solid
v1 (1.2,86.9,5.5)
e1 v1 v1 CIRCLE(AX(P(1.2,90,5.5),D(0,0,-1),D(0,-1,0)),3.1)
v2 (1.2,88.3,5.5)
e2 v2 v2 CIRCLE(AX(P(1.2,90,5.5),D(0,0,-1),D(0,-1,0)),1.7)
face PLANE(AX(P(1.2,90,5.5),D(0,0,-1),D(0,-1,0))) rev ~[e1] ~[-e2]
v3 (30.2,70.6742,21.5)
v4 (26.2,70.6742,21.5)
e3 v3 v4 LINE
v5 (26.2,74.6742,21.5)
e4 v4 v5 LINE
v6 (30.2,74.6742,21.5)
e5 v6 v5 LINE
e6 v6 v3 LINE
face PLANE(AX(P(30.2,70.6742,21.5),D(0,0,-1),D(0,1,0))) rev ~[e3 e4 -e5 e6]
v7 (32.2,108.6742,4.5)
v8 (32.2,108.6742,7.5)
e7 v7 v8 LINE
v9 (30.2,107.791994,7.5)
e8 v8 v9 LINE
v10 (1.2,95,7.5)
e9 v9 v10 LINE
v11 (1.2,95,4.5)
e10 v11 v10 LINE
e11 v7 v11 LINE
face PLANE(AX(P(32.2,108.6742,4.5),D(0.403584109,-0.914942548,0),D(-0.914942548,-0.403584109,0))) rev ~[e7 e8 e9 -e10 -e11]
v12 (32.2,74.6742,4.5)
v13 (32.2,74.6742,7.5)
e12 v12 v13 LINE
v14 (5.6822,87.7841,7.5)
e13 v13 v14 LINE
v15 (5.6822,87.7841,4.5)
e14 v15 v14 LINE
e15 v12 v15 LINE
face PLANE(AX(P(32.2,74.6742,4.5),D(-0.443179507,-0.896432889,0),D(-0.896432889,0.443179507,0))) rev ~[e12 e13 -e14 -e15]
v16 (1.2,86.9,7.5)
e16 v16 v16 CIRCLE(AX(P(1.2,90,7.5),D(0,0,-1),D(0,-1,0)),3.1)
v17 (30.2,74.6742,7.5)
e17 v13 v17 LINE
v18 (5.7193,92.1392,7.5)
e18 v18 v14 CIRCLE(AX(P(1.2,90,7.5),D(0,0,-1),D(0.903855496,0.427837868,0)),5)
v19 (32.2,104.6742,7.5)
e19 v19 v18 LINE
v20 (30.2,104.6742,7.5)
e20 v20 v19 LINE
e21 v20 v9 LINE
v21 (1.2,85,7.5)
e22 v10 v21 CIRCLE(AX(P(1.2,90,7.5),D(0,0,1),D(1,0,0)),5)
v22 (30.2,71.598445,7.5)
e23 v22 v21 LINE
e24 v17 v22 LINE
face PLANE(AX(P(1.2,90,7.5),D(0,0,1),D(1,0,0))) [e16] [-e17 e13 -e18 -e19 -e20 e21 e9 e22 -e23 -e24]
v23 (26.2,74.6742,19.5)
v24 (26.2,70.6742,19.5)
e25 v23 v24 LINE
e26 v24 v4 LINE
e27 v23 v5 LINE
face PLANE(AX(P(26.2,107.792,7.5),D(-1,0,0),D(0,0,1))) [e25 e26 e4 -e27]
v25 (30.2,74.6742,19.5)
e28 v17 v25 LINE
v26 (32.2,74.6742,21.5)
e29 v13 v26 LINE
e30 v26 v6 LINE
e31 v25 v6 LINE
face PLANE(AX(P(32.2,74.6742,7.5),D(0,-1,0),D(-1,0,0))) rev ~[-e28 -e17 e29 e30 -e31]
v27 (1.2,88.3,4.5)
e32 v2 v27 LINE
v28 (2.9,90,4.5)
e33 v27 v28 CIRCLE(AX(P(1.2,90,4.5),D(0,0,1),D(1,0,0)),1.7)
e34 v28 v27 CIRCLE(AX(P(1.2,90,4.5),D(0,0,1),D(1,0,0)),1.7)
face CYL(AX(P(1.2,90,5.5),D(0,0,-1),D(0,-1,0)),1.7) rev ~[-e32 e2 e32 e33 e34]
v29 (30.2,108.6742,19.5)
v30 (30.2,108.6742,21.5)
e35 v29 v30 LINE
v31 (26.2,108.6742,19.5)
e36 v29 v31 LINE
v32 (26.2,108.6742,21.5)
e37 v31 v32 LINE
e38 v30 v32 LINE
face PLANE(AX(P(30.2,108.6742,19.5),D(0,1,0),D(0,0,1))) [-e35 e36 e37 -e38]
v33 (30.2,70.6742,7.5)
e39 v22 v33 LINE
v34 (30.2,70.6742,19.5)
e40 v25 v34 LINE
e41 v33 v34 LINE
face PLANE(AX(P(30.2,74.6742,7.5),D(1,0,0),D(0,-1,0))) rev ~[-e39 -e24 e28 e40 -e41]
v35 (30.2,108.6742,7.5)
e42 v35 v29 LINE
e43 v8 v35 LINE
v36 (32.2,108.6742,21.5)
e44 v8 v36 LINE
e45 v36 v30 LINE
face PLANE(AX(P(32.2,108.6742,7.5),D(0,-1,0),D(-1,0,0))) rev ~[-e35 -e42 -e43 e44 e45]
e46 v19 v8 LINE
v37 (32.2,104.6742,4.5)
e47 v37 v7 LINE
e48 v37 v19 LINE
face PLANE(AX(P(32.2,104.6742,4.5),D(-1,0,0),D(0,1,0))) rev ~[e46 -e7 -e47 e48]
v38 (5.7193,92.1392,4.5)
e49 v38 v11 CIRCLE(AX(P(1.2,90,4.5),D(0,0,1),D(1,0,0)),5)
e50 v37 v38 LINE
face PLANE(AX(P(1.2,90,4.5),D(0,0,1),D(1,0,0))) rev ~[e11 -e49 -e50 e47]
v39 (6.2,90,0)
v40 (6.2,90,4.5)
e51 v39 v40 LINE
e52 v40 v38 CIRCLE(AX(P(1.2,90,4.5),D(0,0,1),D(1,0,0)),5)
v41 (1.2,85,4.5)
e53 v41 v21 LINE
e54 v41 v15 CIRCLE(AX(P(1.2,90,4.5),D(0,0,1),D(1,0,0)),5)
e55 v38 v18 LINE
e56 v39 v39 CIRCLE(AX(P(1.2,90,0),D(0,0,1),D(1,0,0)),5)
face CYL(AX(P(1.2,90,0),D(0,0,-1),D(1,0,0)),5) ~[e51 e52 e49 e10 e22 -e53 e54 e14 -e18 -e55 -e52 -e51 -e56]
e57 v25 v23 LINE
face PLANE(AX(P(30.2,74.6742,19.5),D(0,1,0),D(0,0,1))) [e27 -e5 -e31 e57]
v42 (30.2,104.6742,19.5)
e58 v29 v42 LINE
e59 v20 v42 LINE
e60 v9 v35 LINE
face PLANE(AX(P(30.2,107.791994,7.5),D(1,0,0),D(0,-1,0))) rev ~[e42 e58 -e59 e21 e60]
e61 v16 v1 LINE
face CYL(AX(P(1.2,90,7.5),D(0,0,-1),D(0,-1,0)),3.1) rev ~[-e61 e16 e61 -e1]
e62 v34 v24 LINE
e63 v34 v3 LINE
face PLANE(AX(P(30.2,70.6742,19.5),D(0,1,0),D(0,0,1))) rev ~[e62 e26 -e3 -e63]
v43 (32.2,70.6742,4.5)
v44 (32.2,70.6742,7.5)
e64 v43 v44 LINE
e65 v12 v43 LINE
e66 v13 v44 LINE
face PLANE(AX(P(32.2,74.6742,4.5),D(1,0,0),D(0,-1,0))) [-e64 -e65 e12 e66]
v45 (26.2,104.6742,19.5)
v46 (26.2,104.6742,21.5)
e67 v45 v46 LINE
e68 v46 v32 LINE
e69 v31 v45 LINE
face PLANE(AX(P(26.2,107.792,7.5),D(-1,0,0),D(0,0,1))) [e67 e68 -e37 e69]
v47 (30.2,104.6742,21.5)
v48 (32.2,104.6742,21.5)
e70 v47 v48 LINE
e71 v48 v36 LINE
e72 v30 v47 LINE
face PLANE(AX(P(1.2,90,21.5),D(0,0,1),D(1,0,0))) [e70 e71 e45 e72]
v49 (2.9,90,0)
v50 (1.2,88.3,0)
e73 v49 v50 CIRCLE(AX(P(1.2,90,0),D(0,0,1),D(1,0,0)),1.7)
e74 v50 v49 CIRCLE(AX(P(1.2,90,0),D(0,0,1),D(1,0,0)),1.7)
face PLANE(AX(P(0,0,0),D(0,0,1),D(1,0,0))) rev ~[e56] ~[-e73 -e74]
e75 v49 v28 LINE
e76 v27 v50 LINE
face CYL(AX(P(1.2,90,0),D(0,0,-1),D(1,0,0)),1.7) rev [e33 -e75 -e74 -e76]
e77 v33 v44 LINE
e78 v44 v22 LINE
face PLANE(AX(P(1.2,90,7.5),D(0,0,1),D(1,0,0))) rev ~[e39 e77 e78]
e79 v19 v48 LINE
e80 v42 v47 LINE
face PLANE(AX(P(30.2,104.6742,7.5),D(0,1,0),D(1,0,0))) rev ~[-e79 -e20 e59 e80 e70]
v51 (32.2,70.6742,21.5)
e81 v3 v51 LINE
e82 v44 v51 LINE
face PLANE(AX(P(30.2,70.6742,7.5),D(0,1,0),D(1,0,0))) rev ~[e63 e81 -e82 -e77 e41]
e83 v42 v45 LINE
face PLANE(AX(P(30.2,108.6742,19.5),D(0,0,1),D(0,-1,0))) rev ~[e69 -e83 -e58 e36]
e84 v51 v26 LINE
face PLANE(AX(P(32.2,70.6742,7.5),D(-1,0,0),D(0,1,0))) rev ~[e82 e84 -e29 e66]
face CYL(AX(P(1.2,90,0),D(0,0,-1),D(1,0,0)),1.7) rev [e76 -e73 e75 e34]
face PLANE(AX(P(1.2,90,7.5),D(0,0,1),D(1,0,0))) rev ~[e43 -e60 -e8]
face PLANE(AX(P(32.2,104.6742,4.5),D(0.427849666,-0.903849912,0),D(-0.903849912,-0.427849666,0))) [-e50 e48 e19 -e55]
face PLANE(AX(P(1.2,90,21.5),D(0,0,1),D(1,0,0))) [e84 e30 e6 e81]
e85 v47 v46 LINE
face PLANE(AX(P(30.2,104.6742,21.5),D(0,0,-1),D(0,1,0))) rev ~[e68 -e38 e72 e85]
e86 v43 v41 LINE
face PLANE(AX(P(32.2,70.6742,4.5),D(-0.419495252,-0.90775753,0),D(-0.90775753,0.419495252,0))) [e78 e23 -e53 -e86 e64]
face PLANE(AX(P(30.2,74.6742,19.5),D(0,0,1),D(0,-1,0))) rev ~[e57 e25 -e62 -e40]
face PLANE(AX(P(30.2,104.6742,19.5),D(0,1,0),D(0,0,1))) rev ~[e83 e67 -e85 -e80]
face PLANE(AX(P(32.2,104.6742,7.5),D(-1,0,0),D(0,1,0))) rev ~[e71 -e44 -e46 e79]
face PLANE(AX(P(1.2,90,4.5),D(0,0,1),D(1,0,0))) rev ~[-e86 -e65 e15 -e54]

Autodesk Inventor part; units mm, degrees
ref_plane "YZ Plane" through (0, 0, 0) normal (1, 0, 0) x (0, 1, 0)
ref_plane "XZ Plane" through (0, 0, 0) normal (0, 1, 0) x (-1, 0, 0)
ref_plane "XY Plane" through (0, 0, 0) normal (0, 0, 1) x (1, 0, 0)
sketch "Sketch1" plane through (0, 0, 0) normal (0, 0, 1) x (1, 0, 0)
  circle A0 centre (1.2, 90) radius 1.7 projected
  circle A1 centre (1.2, 90) radius 5
  point P0 (0, 0)
  dimension "d0" = 10
extrude "Extrusion1" add sketch "Sketch1" along normal blind 4.5
sketch "Sketch2" plane through (1.2, 90, 4.5) normal (0, 0, 1) x (1, 0, 0)
  circle A0 centre (0, 0) radius 1.7 projected
  line L0 (31, 14.6742) -> (31, -15.3258) construction
  circle A1 centre (0, 0) radius 5 projected
  line L1 (31, 14.6742) -> (31, 18.6742)
  line L2 (31, 18.6742) -> (0, 5)
  line L3 (31, -15.3258) -> (31, -19.3258)
  line L4 (31, -19.3258) -> (0, -5)
  line L5 (31, 14.6742) -> (4.5193, 2.1392)
  line L6 (31, -15.3258) -> (4.4822, -2.2159)
  arc A2 (0, 5) -> (0, -5) centre (0, 0) ccw
  arc A3 (4.4822, -2.2159) -> (4.5193, 2.1392) centre (0, 0) ccw
  point P0 (-1.2, -90)
  dimension "d3" = 31
  dimension "d4" = 30
  dimension "d5" = 4
  dimension "d6" = 4
extrude "Extrusion2" add sketch "Sketch2" along normal blind 3 contours A0 | A1 | A1 L2 L1 L5 | L6 L3 L4 A1
sketch "Sketch3" plane through (1.2, 90, 7.5) normal (0, 0, 1) x (1, 0, 0)
  circle A0 centre (0, 0) radius 1.7 projected
  point P0 (-1.2, -90)
hole "Hole1" at (1.2, 90, 7.5) direction (0, 0, -1) diameter 3.4 end through all counterbore diameter 6.2 counterbore depth 2
sketch "Sketch4" plane through (1.2, 90, 7.5) normal (0, 0, 1) x (1, 0, 0)
  line L0 (31, 18.6742) -> (0, 5) projected
  line L1 (31, 18.6742) -> (29, 18.6742)
  line L2 (29, 18.6742) -> (29, 14.6742)
  line L3 (29, 14.6742) -> (31, 14.6742)
  line L4 (31, 14.6742) -> (31, 18.6742)
  line L5 (31, -19.3258) -> (31, -15.3258) projected
  line L6 (31, -15.3258) -> (29, -15.3258)
  line L7 (29, -15.3258) -> (29, -19.3258)
  line L8 (29, -19.3258) -> (31, -19.3258)
  line L9 (31, -19.3258) -> (31, -15.3258)
  point P0 (-1.2, -90)
  dimension "d16" = 2
  dimension "d17" = 2
extrude "Extrusion3" add sketch "Sketch4" along normal blind 14
sketch "Sketch5" plane through (30.2, 107.792, 7.5) normal (-1, 0, 0) x (0, 0, 1)
  line L0 (0, 0.8822) -> (14, 0.8822) projected
  line L1 (0, -3.1178) -> (14, -3.1178) projected
  line L2 (14, 0.8822) -> (12, 0.8822)
  line L3 (12, 0.8822) -> (12, -3.1178)
  line L4 (12, -3.1178) -> (14, -3.1178)
  line L5 (14, -3.1178) -> (14, 0.8822)
  line L6 (0, -33.1178) -> (14, -33.1178) projected
  line L7 (0, -37.1178) -> (14, -37.1178) projected
  line L8 (14, -33.1178) -> (12, -33.1178)
  line L9 (12, -33.1178) -> (12, -37.1178)
  line L10 (12, -37.1178) -> (14, -37.1178)
  line L11 (14, -37.1178) -> (14, -33.1178)
  point P0 (-7.5, -107.792)
  dimension "d20" = 2
extrude "Extrusion4" add sketch "Sketch5" along normal blind 4
properties part number "microphone_fix"
